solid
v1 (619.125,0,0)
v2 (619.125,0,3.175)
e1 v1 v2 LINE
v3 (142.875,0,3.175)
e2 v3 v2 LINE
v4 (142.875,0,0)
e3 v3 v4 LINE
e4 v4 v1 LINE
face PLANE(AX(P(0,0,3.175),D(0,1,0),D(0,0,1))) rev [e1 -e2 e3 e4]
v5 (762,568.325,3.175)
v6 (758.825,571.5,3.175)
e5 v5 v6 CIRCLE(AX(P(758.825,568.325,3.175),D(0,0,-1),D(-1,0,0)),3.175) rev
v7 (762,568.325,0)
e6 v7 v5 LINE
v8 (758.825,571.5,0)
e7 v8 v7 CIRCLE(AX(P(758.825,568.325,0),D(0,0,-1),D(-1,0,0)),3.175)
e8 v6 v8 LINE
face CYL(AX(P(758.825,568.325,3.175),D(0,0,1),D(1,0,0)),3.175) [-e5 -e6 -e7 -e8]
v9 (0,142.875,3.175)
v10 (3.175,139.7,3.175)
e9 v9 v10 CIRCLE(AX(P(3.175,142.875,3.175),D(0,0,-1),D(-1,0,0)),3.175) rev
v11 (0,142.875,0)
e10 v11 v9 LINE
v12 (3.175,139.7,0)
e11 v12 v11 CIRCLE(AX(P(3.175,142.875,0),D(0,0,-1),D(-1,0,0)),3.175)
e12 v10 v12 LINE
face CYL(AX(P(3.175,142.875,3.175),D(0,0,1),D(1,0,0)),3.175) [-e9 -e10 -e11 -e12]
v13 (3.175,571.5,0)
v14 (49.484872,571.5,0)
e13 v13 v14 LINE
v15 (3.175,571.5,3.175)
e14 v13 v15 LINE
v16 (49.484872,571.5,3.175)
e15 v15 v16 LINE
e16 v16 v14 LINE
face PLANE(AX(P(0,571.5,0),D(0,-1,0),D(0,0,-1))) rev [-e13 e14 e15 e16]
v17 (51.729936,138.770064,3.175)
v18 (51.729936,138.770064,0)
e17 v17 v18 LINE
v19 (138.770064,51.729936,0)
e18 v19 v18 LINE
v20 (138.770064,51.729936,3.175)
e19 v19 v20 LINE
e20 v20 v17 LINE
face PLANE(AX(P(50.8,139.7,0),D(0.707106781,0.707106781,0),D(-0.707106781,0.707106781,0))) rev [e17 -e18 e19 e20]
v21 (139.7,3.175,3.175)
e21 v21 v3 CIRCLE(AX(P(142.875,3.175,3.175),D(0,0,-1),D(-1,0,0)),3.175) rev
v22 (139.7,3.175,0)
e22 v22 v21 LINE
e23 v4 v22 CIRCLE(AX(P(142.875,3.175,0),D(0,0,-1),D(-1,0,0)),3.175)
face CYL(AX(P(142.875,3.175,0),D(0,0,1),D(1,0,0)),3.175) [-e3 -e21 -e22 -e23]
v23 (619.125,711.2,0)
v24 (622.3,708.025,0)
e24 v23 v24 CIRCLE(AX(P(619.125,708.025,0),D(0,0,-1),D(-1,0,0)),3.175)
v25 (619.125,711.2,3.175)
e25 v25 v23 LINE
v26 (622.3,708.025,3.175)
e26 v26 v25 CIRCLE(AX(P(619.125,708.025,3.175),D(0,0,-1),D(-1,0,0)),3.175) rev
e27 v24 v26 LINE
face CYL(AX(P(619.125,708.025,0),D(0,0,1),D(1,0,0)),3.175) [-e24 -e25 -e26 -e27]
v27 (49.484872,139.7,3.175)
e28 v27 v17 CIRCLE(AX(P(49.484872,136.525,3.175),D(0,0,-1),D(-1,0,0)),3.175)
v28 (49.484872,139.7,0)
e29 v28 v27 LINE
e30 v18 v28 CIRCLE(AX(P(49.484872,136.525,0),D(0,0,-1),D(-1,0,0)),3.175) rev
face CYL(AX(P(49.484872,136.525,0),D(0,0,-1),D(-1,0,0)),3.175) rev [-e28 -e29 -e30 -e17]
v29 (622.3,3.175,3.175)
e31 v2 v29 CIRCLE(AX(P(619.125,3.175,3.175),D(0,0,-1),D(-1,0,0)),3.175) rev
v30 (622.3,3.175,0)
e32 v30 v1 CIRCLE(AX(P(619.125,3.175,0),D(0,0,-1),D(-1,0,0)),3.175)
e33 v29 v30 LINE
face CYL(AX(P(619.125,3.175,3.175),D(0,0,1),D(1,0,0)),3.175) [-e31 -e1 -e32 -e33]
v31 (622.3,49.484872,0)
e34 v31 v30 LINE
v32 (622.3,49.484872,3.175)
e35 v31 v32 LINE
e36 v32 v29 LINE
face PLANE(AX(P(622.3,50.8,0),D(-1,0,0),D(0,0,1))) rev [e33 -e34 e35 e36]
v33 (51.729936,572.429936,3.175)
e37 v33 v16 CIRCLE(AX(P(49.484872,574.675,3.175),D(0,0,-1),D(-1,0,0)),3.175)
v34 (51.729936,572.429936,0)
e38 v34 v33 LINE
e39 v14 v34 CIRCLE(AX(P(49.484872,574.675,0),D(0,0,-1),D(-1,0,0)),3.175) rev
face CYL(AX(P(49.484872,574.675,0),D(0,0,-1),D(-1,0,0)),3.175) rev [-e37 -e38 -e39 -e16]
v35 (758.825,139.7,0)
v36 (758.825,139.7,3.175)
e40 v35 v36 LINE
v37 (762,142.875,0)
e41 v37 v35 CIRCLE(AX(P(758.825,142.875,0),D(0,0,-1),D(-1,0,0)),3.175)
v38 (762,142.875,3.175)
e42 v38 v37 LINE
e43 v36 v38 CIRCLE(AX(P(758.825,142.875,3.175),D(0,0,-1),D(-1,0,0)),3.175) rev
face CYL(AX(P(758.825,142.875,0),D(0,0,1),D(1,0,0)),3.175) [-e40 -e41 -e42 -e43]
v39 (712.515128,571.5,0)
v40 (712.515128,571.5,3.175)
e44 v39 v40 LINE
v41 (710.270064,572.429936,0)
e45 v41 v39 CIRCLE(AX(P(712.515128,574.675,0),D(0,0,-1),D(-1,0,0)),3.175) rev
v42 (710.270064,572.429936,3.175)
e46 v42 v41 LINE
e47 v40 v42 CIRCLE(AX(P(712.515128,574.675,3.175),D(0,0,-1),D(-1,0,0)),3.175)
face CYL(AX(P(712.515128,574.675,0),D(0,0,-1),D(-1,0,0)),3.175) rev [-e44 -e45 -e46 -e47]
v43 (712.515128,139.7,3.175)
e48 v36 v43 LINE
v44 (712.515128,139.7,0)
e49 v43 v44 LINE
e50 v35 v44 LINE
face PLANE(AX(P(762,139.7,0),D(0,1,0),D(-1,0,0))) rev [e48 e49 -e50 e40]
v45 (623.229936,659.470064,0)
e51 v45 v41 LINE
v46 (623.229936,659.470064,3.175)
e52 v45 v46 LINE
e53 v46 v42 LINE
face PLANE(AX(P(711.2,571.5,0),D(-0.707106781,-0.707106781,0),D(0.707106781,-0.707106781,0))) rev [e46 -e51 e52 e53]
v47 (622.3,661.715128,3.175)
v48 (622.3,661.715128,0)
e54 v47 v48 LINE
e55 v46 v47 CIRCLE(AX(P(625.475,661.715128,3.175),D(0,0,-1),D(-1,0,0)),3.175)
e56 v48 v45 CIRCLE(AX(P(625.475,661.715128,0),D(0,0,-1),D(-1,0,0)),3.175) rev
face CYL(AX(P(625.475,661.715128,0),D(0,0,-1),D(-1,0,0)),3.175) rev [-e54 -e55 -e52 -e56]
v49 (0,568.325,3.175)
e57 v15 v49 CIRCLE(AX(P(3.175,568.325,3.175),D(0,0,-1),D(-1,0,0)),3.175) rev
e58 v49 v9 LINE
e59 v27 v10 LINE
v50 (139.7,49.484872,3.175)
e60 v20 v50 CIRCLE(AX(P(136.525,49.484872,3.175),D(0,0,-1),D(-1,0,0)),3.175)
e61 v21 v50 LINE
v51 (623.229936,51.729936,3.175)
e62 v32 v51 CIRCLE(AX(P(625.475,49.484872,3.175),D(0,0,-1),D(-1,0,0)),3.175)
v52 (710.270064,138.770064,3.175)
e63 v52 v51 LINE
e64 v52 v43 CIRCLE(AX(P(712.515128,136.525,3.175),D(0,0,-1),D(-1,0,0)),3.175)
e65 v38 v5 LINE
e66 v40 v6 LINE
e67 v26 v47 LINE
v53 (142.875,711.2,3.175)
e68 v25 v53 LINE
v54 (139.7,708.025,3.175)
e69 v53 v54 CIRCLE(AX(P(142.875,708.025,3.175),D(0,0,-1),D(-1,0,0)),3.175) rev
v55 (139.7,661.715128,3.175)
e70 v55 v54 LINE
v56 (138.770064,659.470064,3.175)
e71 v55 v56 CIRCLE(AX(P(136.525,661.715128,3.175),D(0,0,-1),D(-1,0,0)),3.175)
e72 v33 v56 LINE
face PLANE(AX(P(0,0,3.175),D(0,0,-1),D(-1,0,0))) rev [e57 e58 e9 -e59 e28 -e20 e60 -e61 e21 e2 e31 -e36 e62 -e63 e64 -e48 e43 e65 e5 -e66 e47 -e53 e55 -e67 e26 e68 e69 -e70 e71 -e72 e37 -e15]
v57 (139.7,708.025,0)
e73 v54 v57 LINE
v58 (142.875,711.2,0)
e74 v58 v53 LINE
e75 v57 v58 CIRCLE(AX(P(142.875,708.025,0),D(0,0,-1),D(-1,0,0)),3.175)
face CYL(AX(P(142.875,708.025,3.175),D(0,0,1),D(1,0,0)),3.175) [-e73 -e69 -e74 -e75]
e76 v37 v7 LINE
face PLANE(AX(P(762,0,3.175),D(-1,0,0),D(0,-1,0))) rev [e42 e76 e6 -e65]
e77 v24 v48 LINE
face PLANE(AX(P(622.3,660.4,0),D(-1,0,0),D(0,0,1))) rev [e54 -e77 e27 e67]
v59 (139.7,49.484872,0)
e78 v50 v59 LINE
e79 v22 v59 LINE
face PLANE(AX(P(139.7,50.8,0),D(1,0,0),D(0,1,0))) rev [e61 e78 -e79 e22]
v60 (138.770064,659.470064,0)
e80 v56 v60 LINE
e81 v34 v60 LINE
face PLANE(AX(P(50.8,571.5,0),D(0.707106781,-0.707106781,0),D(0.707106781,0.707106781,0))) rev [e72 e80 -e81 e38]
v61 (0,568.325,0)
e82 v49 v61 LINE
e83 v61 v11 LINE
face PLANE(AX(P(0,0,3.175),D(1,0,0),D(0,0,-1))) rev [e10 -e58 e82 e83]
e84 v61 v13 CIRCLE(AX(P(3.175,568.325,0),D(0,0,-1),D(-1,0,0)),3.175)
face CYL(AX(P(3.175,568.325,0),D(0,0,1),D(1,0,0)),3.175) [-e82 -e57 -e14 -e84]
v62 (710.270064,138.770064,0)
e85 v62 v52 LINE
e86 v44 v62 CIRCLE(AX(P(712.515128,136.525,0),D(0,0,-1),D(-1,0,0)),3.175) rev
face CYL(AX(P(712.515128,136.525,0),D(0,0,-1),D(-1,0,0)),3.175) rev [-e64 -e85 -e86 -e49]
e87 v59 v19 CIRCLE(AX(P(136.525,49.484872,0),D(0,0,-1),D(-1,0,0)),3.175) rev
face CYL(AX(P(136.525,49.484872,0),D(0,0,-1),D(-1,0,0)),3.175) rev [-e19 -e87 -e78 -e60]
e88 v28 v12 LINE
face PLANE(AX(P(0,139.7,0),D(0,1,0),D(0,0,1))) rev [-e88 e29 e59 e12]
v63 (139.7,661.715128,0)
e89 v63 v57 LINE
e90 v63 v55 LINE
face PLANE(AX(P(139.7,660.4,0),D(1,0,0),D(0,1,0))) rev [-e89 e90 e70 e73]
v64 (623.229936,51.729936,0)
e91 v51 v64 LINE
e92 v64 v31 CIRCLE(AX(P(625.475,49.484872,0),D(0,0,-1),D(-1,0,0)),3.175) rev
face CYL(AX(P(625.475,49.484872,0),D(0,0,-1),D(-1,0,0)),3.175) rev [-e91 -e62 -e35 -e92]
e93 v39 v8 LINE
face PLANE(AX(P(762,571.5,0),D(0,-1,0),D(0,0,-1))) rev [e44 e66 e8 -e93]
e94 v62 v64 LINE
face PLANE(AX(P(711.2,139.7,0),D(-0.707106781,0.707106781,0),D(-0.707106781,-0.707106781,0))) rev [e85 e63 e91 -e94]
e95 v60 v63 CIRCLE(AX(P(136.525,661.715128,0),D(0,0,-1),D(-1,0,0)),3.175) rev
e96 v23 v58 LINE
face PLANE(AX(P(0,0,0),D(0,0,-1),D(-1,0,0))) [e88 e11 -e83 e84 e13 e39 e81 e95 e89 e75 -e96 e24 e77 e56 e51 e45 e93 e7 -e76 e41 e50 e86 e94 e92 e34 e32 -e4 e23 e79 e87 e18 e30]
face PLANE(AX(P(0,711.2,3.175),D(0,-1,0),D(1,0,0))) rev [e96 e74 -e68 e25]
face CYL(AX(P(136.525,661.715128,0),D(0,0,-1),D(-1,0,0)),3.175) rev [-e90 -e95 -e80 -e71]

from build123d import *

# Parameters (mm, degrees)
SKETCH1_W           = 762
SKETCH1_H           = 711.2
BOSS_EXTRUDE1_DEPTH = 3.175
CUT_EXTRUDE1_DEPTH  = 4.175
FILLET1_R           = 3.175


with BuildPart() as part:
    # Sketch1 → Boss-Extrude1 (new body)
    with BuildSketch(Plane.XY):
        with Locations((381, 355.6)):
            Rectangle(SKETCH1_W, SKETCH1_H)
    extrude(amount=BOSS_EXTRUDE1_DEPTH)

    # Sketch2 → Cut-Extrude1 (cut, through all)
    with BuildSketch(Plane.XY.offset(3.175)):
        Polygon((0, 571.5), (50.8, 571.5), (139.7, 660.4), (139.7, 711.2), (0, 711.2), align=None)
        Polygon((139.7, 50.8), (139.7, 0), (0, 0), (0, 139.7), (50.8, 139.7), align=None)
        Polygon((762, 139.7), (711.2, 139.7), (622.3, 50.8), (622.3, 0), (762, 0), align=None)
        Polygon((622.3, 660.4), (622.3, 711.2), (762, 711.2), (762, 571.5), (711.2, 571.5), align=None)
    extrude(amount=-CUT_EXTRUDE1_DEPTH, mode=Mode.SUBTRACT)

    # Fillet1
    fillet1_edges = [part.edges().sort_by_distance(p)[0] for p in [
        (711.2, 571.5, 1.5875),
        (622.3, 660.4, 1.5875),
        (622.3, 711.2, 1.5875),
        (762, 571.5, 1.5875),
        (762, 139.7, 1.5875),
        (622.3, 0, 1.5875),
        (622.3, 50.8, 1.5875),
        (711.2, 139.7, 1.5875),
        (50.8, 139.7, 1.5875),
        (139.7, 50.8, 1.5875),
        (139.7, 0, 1.5875),
        (0, 139.7, 1.5875),
        (0, 571.5, 1.5875),
        (139.7, 711.2, 1.5875),
        (139.7, 660.4, 1.5875),
        (50.8, 571.5, 1.5875),
    ]]
    fillet(fillet1_edges, radius=FILLET1_R)


solid = part.part
